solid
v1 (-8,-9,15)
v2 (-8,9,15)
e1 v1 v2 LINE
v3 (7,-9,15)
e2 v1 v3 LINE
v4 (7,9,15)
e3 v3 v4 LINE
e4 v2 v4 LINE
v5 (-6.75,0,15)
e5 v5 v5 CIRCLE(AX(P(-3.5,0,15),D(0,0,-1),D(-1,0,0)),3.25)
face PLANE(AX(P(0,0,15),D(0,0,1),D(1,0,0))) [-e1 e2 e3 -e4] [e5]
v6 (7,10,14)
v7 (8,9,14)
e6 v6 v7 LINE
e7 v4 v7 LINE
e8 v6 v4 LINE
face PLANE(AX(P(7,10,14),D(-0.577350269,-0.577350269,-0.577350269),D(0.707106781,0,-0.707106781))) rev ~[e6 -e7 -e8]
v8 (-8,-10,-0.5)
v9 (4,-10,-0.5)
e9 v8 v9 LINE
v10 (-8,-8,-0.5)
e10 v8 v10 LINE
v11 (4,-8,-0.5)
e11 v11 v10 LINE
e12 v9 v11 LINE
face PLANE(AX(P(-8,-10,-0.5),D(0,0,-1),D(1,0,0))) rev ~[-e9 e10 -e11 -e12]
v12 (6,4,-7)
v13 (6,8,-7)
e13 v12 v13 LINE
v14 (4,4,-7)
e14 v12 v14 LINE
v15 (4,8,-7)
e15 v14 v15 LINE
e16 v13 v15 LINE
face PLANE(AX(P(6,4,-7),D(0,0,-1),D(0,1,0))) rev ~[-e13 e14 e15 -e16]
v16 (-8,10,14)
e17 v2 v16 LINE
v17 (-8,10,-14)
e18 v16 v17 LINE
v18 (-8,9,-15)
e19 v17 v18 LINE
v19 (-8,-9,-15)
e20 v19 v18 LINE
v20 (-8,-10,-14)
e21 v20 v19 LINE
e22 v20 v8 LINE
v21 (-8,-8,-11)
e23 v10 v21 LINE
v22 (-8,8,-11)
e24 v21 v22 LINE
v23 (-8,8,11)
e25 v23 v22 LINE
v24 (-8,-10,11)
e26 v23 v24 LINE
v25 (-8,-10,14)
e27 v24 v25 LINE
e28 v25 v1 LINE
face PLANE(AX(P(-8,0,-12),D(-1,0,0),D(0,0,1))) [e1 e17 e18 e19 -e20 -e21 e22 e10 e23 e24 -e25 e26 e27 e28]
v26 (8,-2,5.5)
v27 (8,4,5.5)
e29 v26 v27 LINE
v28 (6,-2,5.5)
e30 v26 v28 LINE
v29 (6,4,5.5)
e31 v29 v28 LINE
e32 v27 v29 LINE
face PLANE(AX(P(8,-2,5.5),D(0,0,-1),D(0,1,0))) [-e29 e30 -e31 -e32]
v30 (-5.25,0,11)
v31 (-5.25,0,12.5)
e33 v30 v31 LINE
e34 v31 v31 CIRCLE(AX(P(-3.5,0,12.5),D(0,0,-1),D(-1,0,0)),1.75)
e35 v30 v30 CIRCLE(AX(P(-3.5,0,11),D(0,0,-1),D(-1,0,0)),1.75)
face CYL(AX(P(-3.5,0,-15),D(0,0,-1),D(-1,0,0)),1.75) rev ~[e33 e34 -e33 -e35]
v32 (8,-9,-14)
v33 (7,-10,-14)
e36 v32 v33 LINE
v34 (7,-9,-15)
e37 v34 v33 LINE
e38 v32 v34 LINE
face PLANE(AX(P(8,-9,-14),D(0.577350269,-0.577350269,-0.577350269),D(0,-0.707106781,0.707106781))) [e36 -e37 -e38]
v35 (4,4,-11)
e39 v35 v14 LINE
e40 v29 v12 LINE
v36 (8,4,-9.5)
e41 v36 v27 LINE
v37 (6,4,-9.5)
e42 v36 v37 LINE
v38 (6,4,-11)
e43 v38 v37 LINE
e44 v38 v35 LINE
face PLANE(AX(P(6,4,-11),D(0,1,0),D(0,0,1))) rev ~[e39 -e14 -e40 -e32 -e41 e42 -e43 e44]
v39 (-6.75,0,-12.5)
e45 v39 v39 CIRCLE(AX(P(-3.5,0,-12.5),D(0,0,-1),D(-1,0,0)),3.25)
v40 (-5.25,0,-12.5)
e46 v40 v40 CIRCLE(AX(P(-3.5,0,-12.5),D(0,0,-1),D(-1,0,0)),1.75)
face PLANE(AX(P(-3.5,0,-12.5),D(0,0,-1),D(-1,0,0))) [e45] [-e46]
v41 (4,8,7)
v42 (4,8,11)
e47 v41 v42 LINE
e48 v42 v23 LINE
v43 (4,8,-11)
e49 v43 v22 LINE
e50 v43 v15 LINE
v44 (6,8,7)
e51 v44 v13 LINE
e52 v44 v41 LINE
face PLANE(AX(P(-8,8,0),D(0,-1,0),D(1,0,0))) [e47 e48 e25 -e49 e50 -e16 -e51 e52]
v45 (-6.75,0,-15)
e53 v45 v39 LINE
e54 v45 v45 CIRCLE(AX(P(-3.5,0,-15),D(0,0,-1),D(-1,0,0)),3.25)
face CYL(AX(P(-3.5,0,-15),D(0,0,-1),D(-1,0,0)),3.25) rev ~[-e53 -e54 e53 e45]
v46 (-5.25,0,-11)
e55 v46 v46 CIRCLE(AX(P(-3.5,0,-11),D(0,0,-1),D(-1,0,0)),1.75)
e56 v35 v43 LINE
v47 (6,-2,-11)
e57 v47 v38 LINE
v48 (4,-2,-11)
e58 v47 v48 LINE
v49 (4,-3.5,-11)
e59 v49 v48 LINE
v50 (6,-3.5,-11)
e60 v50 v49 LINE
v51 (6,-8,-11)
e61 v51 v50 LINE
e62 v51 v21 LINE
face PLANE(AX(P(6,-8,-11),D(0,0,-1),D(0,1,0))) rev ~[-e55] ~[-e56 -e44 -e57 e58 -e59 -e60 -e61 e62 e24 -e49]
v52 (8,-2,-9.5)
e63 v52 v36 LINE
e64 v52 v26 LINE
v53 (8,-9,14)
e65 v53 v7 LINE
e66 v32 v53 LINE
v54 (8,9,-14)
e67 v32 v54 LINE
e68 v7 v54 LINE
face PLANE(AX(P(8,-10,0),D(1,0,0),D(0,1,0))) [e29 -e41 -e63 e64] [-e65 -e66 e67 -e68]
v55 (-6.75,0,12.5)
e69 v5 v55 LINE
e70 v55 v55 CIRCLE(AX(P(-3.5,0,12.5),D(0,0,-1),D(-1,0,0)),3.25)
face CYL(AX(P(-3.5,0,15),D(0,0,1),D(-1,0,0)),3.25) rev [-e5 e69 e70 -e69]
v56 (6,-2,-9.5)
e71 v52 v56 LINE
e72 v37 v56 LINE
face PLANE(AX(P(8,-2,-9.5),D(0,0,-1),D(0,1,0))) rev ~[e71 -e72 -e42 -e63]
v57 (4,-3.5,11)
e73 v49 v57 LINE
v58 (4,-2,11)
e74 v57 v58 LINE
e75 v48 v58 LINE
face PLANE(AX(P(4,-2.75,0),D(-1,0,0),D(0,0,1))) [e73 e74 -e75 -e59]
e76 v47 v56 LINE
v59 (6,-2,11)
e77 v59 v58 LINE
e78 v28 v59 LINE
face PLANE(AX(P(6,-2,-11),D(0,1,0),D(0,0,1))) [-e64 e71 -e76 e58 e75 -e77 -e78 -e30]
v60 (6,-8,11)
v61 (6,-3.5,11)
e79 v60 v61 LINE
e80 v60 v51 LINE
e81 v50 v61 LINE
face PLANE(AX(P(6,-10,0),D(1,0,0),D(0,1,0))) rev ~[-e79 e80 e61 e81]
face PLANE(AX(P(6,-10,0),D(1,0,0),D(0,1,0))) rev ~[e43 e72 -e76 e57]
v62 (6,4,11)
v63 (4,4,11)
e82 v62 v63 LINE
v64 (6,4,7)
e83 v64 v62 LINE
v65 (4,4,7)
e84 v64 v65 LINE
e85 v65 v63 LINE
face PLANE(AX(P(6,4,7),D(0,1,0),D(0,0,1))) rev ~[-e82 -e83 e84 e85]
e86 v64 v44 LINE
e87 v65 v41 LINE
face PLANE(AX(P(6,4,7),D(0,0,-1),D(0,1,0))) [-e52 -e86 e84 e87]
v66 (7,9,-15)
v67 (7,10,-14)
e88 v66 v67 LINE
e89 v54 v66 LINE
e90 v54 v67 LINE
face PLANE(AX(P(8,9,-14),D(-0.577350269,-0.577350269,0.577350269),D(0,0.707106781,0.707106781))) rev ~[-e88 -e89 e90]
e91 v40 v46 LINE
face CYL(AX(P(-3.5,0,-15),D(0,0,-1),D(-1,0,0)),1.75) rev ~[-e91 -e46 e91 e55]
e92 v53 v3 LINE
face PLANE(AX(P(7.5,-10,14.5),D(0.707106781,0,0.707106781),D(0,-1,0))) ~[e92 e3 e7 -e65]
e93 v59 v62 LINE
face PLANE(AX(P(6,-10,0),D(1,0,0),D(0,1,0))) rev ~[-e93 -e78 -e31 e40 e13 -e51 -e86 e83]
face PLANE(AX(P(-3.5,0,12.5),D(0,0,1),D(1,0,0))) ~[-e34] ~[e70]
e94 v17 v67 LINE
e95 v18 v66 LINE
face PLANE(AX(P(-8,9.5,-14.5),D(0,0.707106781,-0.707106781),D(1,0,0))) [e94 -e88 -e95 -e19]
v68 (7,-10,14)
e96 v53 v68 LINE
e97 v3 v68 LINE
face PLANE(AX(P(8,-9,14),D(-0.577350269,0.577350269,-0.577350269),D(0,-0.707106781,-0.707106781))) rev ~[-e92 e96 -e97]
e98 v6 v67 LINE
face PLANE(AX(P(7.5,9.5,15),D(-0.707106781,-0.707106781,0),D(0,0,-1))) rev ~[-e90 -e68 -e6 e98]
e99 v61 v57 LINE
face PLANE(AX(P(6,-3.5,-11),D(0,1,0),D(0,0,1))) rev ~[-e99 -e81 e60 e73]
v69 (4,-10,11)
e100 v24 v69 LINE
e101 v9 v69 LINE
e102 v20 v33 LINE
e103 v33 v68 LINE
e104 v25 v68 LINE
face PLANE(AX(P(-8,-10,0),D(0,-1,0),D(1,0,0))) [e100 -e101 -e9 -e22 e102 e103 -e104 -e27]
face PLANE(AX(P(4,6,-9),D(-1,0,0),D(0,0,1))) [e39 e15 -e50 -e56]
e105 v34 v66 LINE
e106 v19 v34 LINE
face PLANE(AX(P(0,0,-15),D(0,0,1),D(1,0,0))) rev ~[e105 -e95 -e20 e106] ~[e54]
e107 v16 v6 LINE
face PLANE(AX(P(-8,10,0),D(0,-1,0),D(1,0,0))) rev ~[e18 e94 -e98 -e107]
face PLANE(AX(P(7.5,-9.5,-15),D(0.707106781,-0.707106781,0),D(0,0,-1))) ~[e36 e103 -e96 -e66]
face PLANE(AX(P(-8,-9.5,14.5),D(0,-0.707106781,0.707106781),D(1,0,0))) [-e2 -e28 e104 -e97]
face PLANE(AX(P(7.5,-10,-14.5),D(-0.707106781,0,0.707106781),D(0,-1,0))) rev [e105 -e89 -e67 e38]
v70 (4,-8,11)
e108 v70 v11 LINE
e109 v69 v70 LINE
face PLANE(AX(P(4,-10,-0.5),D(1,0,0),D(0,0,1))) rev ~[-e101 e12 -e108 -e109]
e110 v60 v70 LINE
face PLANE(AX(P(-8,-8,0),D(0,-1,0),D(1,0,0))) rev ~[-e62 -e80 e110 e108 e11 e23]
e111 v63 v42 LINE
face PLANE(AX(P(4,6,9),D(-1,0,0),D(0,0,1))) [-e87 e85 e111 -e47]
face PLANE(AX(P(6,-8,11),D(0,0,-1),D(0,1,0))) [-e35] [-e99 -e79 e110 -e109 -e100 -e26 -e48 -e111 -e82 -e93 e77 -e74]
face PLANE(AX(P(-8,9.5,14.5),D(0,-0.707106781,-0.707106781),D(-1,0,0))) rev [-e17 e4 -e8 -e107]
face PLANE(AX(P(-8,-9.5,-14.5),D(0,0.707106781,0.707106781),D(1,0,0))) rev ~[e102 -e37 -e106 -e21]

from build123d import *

# Parameters (mm, degrees)
SKETCH1_W           = 16
SKETCH1_H           = 20
BOSS_EXTRUDE1_DEPTH = 15
SHELL1_T            = -2
SKETCH10_W          = 2
SKETCH10_H          = 16
BOSS_EXTRUDE4_DEPTH = 14
CUT_EXTRUDE2_REACH  = 32.726
SKETCH3_W           = 15
SKETCH3_H           = 6
CHAMFER1_SIZE       = 1
SKETCH4_W           = 4
SKETCH4_H           = 4
SKETCH4_W_2         = 22
SKETCH4_H_2         = 1.5
BOSS_EXTRUDE2_DEPTH = 2
CUT_EXTRUDE3_REACH  = 28.249
SKETCH5_W           = 12
SKETCH5_H           = 11.5
SKETCH8_R           = 1.75
CUT_EXTRUDE5_DEPTH  = 33.619012861
SKETCH9_R           = 3.25
CUT_EXTRUDE6_DEPTH  = 2.5


with BuildPart() as part:
    # Sketch1 → Boss-Extrude1 (new, symmetric)
    with BuildSketch(Plane.XY):
        Rectangle(SKETCH1_W, SKETCH1_H)
    extrude(amount=BOSS_EXTRUDE1_DEPTH, both=True)

    # Shell1
    shell1_openings = [part.faces().sort_by_distance(p)[0] for p in [
        (-8, 0, 0),
    ]]
    offset(amount=SHELL1_T, openings=shell1_openings, kind=Kind.INTERSECTION)

    # Sketch10 → Boss-Extrude4 (add)
    with BuildSketch(Plane.ZY.offset(-6)):
        with Locations((-12, 0)):
            Rectangle(SKETCH10_W, SKETCH10_H)
        with Locations((12, 0)):
            Rectangle(SKETCH10_W, SKETCH10_H)
    extrude(amount=BOSS_EXTRUDE4_DEPTH)

    # Sketch3 → Cut-Extrude2 (cut, up to next)
    with BuildSketch(Plane(origin=(8, 0, 9.25), x_dir=(0, 0, 1), z_dir=(-1, 0, 0)), mode=Mode.PRIVATE) as cut_extrude2_sk1:
        with Locations((-11.25, 1)):
            Rectangle(SKETCH3_W, SKETCH3_H)
    cut_extrude2_tool1 = extrude(cut_extrude2_sk1.sketch, amount=CUT_EXTRUDE2_REACH, mode=Mode.PRIVATE) & part.part
    add(cut_extrude2_tool1.solids().sort_by_distance((8, 1, -2))[0], mode=Mode.SUBTRACT)

    # Chamfer1
    chamfer1_edges = [part.edges().sort_by_distance(p)[0] for p in [
        (0, -10, 15),
        (8, 0, 15),
        (0, -10, -15),
        (0, 10, -15),
        (8, 0, -15),
        (0, 10, 15),
        (8, -10, 0),
        (8, 10, 0),
    ]]
    chamfer(chamfer1_edges, length=CHAMFER1_SIZE)

    # Sketch4 → Boss-Extrude2 (add)
    with BuildSketch(Plane.ZY.offset(-6)):
        with Locations((-9, 6)):
            Rectangle(SKETCH4_W, SKETCH4_H)
        with Locations((9, 6)):
            Rectangle(SKETCH4_W, SKETCH4_H)
        with Locations((0, -2.75)):
            Rectangle(SKETCH4_W_2, SKETCH4_H_2)
    extrude(amount=BOSS_EXTRUDE2_DEPTH)

    # Sketch5 → Cut-Extrude3 (cut, up to next)
    with BuildSketch(Plane.XZ.offset(10), mode=Mode.PRIVATE) as cut_extrude3_sk1:
        with Locations((-2, 5.25)):
            Rectangle(SKETCH5_W, SKETCH5_H)
    cut_extrude3_tool1 = extrude(cut_extrude3_sk1.sketch, amount=-CUT_EXTRUDE3_REACH, mode=Mode.PRIVATE) & part.part
    add(cut_extrude3_tool1.solids().sort_by_distance((-2, -10, 5.25))[0], mode=Mode.SUBTRACT)

    # Sketch8 → Cut-Extrude5 (cut, through all)
    with BuildSketch(Plane(origin=(0, 0, -15), x_dir=(-1, 0, 0), z_dir=(0, 0, -1))):
        with Locations((3.5, 0)):
            Circle(SKETCH8_R)
    extrude(amount=-CUT_EXTRUDE5_DEPTH, mode=Mode.SUBTRACT)

    # Sketch9 → Cut-Extrude6 (cut)
    with BuildSketch(Plane(origin=(0, 0, -15), x_dir=(-1, 0, 0), z_dir=(0, 0, -1))):
        with Locations((3.5, 0)):
            Circle(SKETCH9_R)
    cut_extrude6 = extrude(amount=-CUT_EXTRUDE6_DEPTH, mode=Mode.SUBTRACT)

    # Mirror1: Cut-Extrude6 across plane
    add(cut_extrude6.mirror(Plane.XY), mode=Mode.SUBTRACT)


solid = part.part
